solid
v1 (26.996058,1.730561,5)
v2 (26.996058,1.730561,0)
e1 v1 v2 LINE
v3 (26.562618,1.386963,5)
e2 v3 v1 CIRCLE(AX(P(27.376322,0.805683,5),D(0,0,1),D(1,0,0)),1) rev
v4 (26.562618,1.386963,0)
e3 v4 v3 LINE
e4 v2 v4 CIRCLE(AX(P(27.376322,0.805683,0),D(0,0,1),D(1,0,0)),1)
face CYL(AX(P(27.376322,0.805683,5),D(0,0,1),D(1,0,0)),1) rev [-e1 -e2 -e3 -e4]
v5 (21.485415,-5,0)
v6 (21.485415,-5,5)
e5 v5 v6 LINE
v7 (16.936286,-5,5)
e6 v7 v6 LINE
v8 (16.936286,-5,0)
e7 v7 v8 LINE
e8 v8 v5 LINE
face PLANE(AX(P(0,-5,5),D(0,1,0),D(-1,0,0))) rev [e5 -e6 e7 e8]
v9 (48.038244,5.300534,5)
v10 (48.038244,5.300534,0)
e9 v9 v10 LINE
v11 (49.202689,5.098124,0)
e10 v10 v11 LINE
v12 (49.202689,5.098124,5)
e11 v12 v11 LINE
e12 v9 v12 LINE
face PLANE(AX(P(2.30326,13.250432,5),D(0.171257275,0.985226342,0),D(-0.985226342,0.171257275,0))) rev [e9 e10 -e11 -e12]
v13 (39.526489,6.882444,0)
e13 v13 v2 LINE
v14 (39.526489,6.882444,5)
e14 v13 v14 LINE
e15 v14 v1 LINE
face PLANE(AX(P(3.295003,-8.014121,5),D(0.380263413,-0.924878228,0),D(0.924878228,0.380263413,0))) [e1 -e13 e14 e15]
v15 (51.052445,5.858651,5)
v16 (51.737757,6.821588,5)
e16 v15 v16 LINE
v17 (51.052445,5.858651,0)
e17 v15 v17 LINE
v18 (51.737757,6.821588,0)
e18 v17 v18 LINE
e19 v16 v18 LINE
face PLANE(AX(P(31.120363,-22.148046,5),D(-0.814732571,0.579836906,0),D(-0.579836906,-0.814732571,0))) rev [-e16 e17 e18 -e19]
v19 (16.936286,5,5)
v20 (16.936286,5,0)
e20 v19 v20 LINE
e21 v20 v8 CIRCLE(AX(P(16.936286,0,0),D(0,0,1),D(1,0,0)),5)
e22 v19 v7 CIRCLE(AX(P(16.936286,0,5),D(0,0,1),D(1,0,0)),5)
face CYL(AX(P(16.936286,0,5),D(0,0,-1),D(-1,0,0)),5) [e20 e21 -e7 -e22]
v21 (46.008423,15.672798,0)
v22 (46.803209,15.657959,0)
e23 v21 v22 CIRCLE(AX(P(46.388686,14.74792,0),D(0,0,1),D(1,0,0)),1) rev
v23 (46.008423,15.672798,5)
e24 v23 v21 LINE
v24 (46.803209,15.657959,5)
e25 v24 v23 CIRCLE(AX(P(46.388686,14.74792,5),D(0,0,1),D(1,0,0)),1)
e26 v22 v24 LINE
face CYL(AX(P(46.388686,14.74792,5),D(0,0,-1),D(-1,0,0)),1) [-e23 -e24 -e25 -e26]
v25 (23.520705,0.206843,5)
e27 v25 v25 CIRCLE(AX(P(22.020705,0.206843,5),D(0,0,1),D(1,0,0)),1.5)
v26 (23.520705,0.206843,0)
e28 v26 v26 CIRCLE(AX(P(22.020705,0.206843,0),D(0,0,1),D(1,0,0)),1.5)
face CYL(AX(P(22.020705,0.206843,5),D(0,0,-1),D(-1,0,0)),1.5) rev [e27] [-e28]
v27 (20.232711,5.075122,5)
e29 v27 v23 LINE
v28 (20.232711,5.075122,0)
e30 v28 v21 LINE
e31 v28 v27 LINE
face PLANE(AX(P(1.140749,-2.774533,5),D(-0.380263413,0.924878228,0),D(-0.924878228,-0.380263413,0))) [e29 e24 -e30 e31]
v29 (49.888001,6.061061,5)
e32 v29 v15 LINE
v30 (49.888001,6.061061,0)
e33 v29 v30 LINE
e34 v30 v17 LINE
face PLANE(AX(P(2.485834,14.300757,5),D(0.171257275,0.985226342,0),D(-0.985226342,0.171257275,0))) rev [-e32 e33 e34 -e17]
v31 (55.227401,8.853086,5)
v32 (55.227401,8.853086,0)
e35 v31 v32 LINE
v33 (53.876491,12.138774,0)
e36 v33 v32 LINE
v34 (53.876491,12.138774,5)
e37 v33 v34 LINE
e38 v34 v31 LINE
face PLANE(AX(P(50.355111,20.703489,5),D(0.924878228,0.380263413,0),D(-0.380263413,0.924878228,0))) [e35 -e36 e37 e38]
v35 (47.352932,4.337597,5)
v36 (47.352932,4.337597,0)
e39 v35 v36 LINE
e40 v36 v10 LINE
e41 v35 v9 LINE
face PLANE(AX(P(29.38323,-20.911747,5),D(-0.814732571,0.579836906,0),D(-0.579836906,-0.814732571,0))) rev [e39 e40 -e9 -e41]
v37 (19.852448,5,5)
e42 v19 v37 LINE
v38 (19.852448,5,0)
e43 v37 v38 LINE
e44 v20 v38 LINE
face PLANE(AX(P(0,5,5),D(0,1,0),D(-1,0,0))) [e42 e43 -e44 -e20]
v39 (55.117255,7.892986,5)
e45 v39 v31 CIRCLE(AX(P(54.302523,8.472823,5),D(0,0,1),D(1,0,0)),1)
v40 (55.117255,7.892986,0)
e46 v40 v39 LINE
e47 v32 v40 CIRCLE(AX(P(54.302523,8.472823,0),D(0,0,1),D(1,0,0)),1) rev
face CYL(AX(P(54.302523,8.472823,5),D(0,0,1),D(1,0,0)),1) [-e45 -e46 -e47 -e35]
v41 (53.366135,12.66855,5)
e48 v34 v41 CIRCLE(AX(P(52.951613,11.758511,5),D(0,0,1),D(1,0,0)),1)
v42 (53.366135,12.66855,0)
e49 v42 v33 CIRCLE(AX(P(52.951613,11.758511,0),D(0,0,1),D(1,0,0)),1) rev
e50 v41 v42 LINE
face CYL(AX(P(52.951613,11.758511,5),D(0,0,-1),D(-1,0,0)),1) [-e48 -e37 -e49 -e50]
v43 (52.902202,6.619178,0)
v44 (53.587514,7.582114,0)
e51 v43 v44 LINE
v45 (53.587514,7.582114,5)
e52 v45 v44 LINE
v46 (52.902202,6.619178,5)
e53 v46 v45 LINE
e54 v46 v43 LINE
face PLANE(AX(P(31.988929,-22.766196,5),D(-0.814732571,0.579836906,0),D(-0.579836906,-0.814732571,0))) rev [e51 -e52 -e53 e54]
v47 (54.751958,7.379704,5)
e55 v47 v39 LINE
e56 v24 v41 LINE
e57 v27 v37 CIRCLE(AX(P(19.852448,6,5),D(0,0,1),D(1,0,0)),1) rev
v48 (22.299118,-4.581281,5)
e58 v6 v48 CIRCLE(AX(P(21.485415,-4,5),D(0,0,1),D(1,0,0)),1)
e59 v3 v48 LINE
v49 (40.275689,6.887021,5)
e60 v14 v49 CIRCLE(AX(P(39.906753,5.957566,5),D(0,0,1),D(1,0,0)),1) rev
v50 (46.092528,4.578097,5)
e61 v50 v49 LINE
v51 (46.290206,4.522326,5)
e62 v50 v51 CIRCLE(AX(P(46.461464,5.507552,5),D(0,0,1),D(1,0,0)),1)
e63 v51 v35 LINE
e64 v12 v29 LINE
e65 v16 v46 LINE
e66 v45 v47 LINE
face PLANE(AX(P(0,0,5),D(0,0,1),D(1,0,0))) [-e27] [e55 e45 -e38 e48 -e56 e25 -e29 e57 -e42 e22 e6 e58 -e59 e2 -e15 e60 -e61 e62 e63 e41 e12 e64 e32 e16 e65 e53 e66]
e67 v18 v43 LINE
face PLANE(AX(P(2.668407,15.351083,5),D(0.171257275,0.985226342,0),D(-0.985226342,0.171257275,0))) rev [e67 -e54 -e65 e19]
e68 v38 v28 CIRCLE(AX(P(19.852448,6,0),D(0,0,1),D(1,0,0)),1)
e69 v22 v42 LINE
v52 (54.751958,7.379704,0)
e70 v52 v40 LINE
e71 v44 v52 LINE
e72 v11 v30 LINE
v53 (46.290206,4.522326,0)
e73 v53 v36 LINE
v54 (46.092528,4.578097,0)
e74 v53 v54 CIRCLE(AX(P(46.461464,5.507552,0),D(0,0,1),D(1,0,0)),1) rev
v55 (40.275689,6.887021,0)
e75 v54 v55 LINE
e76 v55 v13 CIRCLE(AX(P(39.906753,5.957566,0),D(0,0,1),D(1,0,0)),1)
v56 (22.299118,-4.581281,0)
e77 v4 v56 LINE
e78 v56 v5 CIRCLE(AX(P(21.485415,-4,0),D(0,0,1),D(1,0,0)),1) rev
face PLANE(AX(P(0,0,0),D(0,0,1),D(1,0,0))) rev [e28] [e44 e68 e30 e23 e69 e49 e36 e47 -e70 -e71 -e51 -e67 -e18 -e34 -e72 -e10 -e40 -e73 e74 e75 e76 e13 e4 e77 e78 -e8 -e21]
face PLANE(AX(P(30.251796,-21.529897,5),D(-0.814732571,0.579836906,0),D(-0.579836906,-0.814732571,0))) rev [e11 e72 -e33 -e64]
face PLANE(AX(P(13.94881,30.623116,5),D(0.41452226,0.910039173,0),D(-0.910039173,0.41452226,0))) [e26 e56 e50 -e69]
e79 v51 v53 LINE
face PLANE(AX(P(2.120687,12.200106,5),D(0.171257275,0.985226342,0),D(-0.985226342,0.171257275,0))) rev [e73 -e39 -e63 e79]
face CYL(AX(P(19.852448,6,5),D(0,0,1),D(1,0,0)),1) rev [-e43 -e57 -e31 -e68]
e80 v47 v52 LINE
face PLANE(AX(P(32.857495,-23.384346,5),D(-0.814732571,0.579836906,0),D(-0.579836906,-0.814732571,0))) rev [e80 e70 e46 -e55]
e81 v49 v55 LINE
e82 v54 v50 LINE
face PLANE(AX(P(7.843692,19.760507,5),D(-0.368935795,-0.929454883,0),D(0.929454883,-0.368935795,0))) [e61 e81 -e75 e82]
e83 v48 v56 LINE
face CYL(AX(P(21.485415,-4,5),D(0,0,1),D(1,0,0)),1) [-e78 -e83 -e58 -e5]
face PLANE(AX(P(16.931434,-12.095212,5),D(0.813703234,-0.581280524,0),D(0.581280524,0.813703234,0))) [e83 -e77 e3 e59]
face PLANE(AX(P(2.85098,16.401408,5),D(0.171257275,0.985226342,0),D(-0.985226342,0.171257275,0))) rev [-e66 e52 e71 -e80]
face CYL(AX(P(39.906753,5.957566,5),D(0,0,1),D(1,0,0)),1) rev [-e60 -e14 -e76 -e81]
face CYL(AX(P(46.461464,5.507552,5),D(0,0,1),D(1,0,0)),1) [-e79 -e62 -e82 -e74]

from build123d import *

# Parameters (mm, degrees)
SKETCH1_R           = 1.5
BOSS_EXTRUDE3_DEPTH = 5
FILLET1_R           = 1
CUT_EXTRUDE2_DEPTH  = 5


with BuildPart() as part:
    # Sketch1 → Boss-Extrude3 (new body)
    with BuildSketch(Plane.XY):
        with BuildLine():
            Line((20.05, 5), (0, 5))
            ThreePointArc((0, 5), (-5, 0), (0, -5))
            Line((0, -5), (22, -5))
            Line((22, -5), (26.72989842, 1.621129525))
            Line((26.72989842, 1.621129525), (39.900164389, 7.036080522))
            Line((39.900164389, 7.036080522), (46.188488025, 4.540007042))
            Line((46.188488025, 4.540007042), (47.352932204, 4.337597171))
            Line((47.352932204, 4.337597171), (48.038244482, 5.300533868))
            Line((48.038244482, 5.300533868), (49.20268866, 5.098123997))
            Line((49.20268866, 5.098123997), (49.888000938, 6.061060693))
            Line((49.888000938, 6.061060693), (51.052445116, 5.858650822))
            Line((51.052445116, 5.858650822), (51.737757394, 6.821587519))
            Line((51.737757394, 6.821587519), (52.902201573, 6.619177648))
            Line((52.902201573, 6.619177648), (53.587513851, 7.582114344))
            Line((53.587513851, 7.582114344), (54.751958029, 7.379704473))
            Line((54.751958029, 7.379704473), (55.437270307, 8.34264117))
            Line((55.437270307, 8.34264117), (53.72608495, 12.504593197))
            Line((53.72608495, 12.504593197), (46.409029503, 15.837507263))
            Line((46.409029503, 15.837507263), (20.05, 5))
        make_face()
        Circle(SKETCH1_R, mode=Mode.SUBTRACT)
        with Locations((22.020705275, 0.206842568)):
            Circle(SKETCH1_R, mode=Mode.SUBTRACT)
    extrude(amount=BOSS_EXTRUDE3_DEPTH)

    # Fillet1
    fillet1_edges = [part.edges().sort_by_distance(p)[0] for p in [
        (22, -5, 2.5),
        (20.05, 5, 2.5),
        (46.409029503, 15.837507263, 2.5),
        (53.72608495, 12.504593197, 2.5),
        (55.437270307, 8.34264117, 2.5),
        (46.188488025, 4.540007042, 2.5),
        (39.900164389, 7.036080522, 2.5),
        (26.72989842, 1.621129525, 2.5),
    ]]
    fillet(fillet1_edges, radius=FILLET1_R)

    # Sketch4 → Cut-Extrude2 (cut)
    with BuildSketch(Plane(origin=(0, 0, 0), x_dir=(-1, 0, 0), z_dir=(0, 0, -1))):
        with BuildLine():
            Line((-16.936286021, -5), (9.167349916, -5))
            Line((9.167349916, -5), (9.167349916, 5))
            Line((9.167349916, 5), (-16.936286021, 5))
            ThreePointArc((-16.936286021, 5), (-11.936286021, 0), (-16.936286021, -5))
        make_face()
    extrude(amount=-CUT_EXTRUDE2_DEPTH, mode=Mode.SUBTRACT)


solid = part.part
